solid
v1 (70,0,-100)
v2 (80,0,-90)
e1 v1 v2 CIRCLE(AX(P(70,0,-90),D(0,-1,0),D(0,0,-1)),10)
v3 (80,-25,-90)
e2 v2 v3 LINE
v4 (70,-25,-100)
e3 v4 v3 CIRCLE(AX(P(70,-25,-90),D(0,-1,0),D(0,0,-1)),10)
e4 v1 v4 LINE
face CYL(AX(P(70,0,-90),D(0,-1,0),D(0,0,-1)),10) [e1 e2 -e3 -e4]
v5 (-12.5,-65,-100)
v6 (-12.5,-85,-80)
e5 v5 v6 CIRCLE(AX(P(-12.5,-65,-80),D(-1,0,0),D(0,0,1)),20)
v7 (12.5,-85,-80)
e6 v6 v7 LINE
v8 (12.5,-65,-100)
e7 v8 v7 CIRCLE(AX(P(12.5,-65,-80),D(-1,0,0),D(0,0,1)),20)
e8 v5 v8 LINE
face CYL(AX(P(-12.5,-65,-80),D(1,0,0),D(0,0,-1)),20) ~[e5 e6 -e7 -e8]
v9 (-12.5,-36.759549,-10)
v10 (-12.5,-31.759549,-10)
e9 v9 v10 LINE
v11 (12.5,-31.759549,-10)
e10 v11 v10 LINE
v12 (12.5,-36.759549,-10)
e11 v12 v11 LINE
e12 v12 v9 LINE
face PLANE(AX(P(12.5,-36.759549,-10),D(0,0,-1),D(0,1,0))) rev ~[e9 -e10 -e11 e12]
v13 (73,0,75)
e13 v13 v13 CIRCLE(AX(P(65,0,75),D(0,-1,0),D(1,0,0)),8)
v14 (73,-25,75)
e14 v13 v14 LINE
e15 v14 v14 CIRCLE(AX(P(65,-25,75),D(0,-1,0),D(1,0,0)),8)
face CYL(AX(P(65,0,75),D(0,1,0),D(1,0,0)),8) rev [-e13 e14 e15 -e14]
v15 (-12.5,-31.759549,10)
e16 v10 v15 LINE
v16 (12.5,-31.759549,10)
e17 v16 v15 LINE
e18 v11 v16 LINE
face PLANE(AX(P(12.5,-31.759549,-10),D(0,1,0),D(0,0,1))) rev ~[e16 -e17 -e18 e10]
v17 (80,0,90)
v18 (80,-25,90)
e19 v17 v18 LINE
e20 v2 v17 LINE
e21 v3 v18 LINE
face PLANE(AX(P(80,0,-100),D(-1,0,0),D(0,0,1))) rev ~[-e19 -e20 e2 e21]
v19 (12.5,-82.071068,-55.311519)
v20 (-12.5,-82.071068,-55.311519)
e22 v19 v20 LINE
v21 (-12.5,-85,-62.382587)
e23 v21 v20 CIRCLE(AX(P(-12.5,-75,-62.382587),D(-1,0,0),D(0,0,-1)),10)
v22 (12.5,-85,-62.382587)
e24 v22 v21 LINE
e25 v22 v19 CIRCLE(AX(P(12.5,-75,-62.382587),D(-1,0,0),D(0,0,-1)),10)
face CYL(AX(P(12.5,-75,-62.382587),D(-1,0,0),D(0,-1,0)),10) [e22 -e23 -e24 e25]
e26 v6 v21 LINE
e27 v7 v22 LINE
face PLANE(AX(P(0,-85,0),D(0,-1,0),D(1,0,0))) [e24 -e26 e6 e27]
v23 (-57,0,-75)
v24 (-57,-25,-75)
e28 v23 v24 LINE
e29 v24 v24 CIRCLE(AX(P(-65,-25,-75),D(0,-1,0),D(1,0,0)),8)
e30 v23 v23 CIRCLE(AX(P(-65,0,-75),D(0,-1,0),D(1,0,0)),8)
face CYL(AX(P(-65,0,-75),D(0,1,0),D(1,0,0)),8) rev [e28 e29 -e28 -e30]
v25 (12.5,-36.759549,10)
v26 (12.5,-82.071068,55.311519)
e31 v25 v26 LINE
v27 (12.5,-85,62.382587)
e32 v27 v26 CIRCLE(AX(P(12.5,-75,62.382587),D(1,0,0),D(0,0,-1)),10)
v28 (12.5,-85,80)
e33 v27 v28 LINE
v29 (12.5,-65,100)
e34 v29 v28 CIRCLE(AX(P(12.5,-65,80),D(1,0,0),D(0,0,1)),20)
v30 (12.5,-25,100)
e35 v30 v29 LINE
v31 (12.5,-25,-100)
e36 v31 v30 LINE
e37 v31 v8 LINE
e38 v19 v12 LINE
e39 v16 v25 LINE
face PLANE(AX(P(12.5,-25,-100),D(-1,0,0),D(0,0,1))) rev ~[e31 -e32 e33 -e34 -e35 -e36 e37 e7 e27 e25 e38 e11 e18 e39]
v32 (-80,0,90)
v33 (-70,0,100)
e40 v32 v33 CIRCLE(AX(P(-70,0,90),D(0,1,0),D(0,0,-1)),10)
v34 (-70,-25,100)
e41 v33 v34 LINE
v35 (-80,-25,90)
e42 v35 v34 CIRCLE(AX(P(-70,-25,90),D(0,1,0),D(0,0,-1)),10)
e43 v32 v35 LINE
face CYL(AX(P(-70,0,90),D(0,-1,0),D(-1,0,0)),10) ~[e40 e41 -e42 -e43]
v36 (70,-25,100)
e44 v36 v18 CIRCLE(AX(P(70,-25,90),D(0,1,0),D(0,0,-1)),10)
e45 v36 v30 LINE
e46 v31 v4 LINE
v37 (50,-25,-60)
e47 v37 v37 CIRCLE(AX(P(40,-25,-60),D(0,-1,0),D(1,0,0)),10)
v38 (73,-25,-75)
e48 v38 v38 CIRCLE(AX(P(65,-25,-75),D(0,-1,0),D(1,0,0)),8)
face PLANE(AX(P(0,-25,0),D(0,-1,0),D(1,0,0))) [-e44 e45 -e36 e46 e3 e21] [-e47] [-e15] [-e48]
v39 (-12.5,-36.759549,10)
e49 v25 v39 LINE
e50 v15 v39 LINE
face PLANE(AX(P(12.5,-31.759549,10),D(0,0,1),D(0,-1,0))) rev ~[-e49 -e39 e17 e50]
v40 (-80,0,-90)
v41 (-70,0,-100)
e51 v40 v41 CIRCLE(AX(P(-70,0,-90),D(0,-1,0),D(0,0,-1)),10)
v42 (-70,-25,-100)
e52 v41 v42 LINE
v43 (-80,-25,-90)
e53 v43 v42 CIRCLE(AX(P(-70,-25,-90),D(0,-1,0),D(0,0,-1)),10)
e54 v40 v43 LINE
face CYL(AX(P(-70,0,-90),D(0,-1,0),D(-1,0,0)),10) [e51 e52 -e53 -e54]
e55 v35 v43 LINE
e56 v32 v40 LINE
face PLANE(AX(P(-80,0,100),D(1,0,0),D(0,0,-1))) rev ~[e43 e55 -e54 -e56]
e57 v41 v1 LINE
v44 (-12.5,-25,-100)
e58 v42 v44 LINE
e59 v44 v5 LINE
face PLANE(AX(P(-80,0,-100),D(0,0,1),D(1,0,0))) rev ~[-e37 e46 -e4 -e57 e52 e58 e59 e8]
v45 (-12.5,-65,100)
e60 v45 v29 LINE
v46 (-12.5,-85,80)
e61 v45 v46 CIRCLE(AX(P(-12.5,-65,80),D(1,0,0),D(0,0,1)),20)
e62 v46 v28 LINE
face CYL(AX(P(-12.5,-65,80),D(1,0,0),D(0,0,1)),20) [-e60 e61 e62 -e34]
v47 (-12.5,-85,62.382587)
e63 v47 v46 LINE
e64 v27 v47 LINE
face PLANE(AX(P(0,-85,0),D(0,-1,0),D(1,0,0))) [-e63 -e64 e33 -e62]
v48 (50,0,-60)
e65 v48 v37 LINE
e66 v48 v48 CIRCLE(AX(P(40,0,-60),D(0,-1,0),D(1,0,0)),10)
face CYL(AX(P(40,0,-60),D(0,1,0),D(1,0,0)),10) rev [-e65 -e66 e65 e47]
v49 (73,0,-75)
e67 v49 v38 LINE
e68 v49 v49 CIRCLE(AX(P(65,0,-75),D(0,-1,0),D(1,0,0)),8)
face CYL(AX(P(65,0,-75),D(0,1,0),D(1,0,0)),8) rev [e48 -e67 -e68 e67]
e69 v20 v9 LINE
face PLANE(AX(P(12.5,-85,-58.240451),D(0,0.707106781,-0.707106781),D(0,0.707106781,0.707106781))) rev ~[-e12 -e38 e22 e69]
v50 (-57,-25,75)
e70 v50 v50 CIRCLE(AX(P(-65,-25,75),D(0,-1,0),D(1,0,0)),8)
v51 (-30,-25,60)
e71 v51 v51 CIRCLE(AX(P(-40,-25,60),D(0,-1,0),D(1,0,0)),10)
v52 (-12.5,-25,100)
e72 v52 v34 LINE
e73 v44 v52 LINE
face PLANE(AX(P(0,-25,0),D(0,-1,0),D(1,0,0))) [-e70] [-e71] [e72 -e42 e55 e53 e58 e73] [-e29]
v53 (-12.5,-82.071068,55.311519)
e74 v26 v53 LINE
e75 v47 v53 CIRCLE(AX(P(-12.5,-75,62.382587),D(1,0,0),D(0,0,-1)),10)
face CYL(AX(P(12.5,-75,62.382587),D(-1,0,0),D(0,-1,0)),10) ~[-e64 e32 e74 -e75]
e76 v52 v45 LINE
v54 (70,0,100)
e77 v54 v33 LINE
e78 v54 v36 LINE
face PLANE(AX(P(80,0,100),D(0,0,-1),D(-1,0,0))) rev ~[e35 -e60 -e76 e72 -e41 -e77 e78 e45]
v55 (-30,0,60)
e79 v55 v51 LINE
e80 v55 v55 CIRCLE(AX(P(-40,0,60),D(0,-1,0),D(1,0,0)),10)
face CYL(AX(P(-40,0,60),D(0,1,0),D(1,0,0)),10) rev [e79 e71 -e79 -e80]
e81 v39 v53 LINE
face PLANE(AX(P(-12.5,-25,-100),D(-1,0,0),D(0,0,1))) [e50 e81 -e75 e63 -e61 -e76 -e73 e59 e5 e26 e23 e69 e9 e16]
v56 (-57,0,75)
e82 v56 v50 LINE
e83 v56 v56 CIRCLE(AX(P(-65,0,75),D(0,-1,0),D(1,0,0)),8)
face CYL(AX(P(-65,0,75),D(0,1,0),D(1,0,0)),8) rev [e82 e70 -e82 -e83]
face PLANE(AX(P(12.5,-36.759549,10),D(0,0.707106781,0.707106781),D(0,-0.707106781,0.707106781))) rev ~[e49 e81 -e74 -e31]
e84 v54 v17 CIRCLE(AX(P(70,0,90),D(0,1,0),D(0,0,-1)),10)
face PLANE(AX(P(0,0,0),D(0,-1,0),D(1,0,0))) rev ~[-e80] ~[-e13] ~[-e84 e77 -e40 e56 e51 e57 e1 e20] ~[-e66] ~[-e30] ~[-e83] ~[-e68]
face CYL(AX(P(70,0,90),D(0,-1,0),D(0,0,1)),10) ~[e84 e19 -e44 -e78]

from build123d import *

# Parameters (mm, degrees)
F0_R     = 8
F0_R_2   = 10
F1_DEPTH = 25
F2_W     = 25
F2_H     = 200
F3_DEPTH = 60
F5_DEPTH = 25
F6_R     = 10
F7_R     = 20
F8_R     = 10


with BuildPart() as f1:
    # F0 (on Front) → F1 (new body)
    with BuildSketch(Plane.XZ):
        Polygon((-12.5, 100), (-80, 100), (-80, -100), (-12.5, -100), (12.5, -100), (80, -100), (80, 100), (12.5, 100), align=None)
        with Locations((-65, -75)):
            Circle(F0_R, mode=Mode.SUBTRACT)
        with Locations((40, -60)):
            Circle(F0_R_2, mode=Mode.SUBTRACT)
        with Locations((65, -75)):
            Circle(F0_R, mode=Mode.SUBTRACT)
        with Locations((-65, 75)):
            Circle(F0_R, mode=Mode.SUBTRACT)
        with Locations((-40, 60)):
            Circle(F0_R_2, mode=Mode.SUBTRACT)
        with Locations((65, 75)):
            Circle(F0_R, mode=Mode.SUBTRACT)
    extrude(amount=F1_DEPTH)

    # F2 (on face) → F3 (join)
    with BuildSketch(Plane.XZ.offset(25)):
        Rectangle(F2_W, F2_H)
    extrude(amount=F3_DEPTH)

    # F4 (on face) → F5 (cut)
    with BuildSketch(Plane.YZ.offset(12.5)):
        Polygon((-36.7595490813, 10), (-85, 58.2404509187), (-85, -58.2404509187), (-36.7595490813, -10), (-31.7595490813, -10), (-31.7595490813, 0), (-31.7595490813, 10), align=None)
    extrude(amount=-F5_DEPTH, mode=Mode.SUBTRACT)

    # F6
    f6_edges = [f1.edges().sort_by_distance(p)[0] for p in [
        (80, -12.5, 100),
        (-80, -12.5, 100),
        (-80, -12.5, -100),
        (80, -12.5, -100),
    ]]
    fillet(f6_edges, radius=F6_R)

    # F7
    f7_edges = [f1.edges().sort_by_distance(p)[0] for p in [
        (0, -85, -100),
        (0, -85, 100),
    ]]
    fillet(f7_edges, radius=F7_R)

    # F8
    f8_edges = [f1.edges().sort_by_distance(p)[0] for p in [
        (0, -85, -58.240451),
        (0, -85, 58.240451),
    ]]
    fillet(f8_edges, radius=F8_R)


solid = f1.part
